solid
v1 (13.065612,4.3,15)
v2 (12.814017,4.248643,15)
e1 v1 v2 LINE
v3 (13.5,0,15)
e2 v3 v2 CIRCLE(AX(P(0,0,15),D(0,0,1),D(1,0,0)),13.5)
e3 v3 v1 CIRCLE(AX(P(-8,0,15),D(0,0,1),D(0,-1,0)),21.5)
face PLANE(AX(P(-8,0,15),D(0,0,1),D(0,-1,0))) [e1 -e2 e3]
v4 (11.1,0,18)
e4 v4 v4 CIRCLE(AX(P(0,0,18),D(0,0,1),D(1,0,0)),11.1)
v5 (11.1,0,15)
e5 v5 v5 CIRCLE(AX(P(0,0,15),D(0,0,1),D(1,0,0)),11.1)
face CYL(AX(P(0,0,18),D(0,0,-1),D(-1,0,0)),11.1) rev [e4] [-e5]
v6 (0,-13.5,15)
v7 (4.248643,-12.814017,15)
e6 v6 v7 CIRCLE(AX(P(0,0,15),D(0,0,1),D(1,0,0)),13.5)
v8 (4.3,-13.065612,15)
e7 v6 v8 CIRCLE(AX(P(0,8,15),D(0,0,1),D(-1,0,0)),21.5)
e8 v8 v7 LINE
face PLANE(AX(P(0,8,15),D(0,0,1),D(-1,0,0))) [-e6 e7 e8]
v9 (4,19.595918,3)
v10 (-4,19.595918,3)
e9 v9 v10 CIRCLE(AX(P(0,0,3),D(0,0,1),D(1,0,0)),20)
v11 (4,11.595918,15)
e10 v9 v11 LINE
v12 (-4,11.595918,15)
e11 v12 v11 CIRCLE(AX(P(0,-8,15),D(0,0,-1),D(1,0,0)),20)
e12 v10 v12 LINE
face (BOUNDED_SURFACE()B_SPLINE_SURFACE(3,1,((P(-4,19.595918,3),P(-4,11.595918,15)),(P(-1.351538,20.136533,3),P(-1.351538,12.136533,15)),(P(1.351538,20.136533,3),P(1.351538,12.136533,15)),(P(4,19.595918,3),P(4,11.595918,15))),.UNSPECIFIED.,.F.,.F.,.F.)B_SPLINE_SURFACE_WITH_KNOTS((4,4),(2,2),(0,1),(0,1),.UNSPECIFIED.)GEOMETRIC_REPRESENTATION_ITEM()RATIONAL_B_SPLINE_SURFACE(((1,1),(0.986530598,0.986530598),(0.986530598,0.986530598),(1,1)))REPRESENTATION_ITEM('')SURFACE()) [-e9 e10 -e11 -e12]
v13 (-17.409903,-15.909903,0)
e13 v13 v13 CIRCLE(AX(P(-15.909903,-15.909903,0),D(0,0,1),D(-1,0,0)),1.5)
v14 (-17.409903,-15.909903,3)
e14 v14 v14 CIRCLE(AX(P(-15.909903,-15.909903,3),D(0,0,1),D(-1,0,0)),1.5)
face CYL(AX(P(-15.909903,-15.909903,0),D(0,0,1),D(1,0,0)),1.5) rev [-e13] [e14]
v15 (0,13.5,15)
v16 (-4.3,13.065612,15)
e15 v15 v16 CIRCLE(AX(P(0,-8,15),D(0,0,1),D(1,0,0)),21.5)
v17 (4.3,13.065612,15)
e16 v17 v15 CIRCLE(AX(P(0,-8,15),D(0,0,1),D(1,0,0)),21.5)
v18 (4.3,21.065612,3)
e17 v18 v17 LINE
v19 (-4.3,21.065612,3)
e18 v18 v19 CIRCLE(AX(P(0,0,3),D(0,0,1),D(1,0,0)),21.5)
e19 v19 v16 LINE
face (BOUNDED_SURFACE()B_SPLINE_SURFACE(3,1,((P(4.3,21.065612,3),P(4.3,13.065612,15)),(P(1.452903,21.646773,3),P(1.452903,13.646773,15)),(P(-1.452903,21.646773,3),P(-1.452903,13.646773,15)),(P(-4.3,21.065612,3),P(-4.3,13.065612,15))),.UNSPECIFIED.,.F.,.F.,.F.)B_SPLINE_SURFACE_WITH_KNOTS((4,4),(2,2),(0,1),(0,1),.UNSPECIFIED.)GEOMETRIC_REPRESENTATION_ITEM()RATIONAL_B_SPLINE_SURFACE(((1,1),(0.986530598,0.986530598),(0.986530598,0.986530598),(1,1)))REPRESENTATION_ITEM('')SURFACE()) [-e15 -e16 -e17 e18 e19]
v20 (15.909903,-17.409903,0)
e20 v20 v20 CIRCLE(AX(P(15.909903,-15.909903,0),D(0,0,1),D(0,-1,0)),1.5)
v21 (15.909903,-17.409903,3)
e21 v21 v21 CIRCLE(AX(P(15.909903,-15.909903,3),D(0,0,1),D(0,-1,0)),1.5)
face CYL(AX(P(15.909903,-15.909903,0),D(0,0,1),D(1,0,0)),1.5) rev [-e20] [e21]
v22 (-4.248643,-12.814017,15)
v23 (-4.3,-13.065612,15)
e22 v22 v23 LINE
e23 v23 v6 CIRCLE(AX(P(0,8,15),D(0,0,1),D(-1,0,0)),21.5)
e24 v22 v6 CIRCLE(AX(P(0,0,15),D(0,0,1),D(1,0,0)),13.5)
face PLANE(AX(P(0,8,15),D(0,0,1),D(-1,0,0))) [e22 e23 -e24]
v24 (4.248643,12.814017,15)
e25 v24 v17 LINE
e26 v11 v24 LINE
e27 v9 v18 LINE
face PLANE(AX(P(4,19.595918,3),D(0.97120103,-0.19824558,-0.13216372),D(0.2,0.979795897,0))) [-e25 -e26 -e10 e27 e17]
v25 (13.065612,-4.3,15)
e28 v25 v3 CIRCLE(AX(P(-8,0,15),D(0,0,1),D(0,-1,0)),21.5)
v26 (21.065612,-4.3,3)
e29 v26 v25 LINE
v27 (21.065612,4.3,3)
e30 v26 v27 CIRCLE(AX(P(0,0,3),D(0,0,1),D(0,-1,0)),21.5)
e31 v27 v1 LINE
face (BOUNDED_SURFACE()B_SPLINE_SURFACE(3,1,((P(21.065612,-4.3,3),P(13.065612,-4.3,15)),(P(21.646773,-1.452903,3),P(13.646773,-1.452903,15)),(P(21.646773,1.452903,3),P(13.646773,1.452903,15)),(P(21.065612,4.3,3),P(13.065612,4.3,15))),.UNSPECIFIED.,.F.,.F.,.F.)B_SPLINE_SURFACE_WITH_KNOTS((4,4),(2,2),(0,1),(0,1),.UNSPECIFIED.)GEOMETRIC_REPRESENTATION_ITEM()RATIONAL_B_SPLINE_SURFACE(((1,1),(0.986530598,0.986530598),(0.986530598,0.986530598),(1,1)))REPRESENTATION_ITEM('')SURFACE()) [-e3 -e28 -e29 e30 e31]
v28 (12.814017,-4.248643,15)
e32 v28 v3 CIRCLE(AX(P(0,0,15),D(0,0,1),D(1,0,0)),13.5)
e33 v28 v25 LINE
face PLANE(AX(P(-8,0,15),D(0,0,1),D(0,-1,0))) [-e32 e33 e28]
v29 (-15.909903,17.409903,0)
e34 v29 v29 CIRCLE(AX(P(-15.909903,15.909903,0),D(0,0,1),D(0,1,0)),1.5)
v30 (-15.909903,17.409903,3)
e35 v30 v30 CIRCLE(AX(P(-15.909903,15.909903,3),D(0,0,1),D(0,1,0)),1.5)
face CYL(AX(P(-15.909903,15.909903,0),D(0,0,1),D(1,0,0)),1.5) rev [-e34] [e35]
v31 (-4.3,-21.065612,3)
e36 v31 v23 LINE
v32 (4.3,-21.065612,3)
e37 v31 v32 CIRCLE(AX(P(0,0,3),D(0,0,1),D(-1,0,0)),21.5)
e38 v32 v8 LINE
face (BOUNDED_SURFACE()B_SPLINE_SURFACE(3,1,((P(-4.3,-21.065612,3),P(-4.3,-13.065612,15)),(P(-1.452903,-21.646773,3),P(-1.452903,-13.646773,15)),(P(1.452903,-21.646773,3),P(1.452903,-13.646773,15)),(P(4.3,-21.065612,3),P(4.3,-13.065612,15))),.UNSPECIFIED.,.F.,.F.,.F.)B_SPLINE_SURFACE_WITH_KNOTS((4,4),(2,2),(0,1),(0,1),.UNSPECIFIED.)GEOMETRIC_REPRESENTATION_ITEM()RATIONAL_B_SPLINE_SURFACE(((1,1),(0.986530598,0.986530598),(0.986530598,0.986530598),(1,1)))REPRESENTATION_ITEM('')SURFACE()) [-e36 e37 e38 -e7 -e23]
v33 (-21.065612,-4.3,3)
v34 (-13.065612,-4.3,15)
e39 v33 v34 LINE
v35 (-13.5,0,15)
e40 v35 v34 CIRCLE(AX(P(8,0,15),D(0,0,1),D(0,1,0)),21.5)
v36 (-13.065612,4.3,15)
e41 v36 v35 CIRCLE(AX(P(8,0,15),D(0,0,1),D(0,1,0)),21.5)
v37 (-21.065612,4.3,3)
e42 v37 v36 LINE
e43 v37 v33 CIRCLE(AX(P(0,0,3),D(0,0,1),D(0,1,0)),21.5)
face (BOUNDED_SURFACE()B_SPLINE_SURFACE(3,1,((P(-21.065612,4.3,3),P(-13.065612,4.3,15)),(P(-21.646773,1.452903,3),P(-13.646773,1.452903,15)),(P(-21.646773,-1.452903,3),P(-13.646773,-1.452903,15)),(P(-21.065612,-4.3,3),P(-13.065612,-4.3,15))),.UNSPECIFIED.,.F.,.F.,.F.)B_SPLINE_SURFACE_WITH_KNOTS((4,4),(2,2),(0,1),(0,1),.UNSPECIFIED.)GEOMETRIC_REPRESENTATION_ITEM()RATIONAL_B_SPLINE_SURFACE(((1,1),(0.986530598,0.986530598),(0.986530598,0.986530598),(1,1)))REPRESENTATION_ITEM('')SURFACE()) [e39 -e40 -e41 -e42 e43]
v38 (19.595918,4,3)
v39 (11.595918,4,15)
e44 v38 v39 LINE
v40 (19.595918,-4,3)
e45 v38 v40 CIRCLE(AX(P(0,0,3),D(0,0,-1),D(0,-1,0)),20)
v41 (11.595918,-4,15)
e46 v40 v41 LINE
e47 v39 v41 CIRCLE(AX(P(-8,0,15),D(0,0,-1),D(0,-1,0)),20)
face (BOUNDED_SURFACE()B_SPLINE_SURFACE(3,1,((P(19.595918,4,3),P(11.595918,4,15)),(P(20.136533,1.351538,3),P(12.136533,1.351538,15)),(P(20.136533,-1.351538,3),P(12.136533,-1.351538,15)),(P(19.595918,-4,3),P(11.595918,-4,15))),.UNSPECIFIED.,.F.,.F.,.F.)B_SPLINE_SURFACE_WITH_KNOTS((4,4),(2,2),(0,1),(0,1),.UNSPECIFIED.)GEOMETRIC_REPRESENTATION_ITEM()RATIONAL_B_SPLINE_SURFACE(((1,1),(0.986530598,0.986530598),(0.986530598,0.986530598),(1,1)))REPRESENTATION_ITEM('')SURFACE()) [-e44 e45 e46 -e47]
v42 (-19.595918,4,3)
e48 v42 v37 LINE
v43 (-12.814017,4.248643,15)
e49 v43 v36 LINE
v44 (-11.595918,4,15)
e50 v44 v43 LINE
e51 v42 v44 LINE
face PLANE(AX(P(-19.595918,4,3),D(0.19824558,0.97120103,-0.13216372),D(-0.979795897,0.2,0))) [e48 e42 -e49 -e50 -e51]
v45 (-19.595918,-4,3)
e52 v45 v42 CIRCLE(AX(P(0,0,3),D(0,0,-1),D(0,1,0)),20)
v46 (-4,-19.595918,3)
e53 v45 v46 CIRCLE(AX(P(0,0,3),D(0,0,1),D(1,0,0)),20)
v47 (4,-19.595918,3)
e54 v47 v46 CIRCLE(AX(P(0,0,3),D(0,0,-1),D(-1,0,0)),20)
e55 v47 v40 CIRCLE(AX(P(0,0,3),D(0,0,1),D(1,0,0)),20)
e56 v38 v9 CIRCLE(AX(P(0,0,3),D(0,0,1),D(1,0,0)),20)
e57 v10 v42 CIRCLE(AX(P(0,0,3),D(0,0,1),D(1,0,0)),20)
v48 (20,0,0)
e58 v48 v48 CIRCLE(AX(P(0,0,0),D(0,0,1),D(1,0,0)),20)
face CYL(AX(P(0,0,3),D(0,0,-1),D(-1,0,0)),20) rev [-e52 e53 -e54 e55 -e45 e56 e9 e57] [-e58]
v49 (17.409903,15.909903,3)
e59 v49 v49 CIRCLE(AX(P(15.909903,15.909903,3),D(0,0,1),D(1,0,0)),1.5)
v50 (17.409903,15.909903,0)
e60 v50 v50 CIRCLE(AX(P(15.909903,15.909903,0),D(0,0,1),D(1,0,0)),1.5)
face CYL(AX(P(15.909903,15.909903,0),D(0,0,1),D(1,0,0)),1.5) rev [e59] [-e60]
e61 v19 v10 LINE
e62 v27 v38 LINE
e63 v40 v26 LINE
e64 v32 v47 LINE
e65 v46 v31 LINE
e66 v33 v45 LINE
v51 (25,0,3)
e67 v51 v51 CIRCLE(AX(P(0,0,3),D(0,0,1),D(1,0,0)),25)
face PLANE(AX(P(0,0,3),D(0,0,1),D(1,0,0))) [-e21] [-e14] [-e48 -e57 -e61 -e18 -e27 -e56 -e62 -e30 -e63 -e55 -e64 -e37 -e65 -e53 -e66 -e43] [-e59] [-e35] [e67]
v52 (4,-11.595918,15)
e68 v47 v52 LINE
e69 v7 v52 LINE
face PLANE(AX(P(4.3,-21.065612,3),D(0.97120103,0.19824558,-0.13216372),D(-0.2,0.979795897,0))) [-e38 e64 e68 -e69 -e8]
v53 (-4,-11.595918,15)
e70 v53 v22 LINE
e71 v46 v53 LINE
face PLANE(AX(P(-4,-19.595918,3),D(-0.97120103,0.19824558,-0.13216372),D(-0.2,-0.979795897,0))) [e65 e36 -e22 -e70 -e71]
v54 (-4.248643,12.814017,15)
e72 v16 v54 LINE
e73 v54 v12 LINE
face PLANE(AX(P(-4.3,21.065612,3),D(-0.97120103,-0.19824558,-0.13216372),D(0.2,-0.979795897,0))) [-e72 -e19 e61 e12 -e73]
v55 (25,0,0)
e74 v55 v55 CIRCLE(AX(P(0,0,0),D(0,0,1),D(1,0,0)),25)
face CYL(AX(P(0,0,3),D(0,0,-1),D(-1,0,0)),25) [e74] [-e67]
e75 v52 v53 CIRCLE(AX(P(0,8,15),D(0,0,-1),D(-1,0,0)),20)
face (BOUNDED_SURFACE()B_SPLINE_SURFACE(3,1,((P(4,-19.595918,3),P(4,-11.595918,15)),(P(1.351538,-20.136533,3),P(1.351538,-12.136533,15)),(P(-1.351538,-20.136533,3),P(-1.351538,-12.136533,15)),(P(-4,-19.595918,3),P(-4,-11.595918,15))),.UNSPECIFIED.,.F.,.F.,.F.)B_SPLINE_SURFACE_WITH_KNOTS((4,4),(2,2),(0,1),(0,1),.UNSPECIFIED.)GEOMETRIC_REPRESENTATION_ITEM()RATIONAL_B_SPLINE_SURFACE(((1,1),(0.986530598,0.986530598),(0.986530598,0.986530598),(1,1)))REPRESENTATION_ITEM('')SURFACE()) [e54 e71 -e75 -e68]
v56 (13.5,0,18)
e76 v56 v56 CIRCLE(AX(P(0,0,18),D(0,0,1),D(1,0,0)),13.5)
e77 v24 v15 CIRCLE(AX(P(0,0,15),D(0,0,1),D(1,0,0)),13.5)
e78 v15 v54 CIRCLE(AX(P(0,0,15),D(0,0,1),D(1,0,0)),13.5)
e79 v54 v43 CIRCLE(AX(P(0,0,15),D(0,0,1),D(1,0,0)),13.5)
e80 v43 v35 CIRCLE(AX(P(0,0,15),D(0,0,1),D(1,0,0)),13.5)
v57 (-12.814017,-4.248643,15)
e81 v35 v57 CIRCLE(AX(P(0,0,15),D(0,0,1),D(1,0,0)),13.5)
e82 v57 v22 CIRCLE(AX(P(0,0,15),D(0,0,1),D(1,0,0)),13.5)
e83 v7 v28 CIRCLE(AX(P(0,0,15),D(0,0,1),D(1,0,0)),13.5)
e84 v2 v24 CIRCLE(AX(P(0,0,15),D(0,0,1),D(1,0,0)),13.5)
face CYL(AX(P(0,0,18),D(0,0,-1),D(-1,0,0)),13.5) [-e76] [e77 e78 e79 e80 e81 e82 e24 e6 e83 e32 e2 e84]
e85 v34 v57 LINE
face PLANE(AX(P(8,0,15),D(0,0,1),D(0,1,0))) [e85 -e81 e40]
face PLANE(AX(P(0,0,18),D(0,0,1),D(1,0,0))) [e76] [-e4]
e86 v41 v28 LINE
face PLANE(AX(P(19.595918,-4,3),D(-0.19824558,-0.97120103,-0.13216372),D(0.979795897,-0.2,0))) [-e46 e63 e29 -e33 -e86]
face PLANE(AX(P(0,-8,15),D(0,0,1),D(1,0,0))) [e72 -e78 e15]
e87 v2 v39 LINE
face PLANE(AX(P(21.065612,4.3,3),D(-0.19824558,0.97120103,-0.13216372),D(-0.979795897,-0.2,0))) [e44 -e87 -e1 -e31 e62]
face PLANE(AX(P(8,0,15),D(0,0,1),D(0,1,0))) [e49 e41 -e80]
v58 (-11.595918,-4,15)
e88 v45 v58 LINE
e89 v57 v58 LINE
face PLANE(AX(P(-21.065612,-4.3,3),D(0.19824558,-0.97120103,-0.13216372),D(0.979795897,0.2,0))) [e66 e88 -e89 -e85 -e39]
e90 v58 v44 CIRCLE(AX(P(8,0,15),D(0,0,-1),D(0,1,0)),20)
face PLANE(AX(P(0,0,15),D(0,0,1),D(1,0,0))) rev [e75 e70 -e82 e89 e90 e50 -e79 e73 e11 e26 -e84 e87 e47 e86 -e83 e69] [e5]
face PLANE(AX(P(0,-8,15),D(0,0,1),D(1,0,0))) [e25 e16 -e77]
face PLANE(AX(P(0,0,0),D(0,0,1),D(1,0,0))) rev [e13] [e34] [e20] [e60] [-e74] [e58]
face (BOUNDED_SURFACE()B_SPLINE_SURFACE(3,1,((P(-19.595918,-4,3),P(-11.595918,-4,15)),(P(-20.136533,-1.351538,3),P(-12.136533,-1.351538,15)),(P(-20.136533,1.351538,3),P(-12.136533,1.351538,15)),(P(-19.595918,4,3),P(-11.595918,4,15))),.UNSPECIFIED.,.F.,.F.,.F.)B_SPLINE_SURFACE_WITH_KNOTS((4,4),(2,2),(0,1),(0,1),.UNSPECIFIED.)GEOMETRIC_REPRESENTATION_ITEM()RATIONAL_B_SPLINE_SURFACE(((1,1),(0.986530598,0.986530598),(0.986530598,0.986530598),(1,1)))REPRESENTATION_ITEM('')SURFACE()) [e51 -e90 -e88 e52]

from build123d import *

# Parameters (mm, degrees)
SKETCH1_R           = 25
SKETCH1_R_2         = 20
BOSS_EXTRUDE1_DEPTH = 3
SKETCH7_R           = 13.5
SKETCH7_R_2         = 11.1
BOSS_EXTRUDE2_DEPTH = 3
CIRPATTERN2_COUNT   = 4
SKETCH3_R           = 1.5
CUT_EXTRUDE1_DEPTH  = 4
CIRPATTERN1_COUNT   = 4


with BuildPart() as part:
    # Sketch1 → Boss-Extrude1 (new body)
    with BuildSketch(Plane.XY):
        Circle(SKETCH1_R)
        Circle(SKETCH1_R_2, mode=Mode.SUBTRACT)
    extrude(amount=BOSS_EXTRUDE1_DEPTH)



with BuildPart() as body_2:
    # Sketch7 → Boss-Extrude2 (new body)
    with BuildSketch(Plane.XY.offset(15)):
        Circle(SKETCH7_R)
        Circle(SKETCH7_R_2, mode=Mode.SUBTRACT)
    extrude(amount=BOSS_EXTRUDE2_DEPTH)


with BuildPart() as part_1:
    add(part.part)

    add(body_2.part)  # Sweep1 merges body 2
    # Sweep1: sweep along a curve in space
    with BuildLine() as sweep1_path:
        Line((0, 21.5, 3), (0, 13.5, 15))
    # Sketch8 → Sweep1 (sweep)
    with BuildSketch(Plane.XY.offset(3)):
        with BuildLine():
            Line((-4.3, 21.065611788), (-4, 19.595917942))
            ThreePointArc((-4, 19.595917942), (0, 20), (4, 19.595917942))
            Line((4, 19.595917942), (4.3, 21.065611788))
            ThreePointArc((4.3, 21.065611788), (0, 21.5), (-4.3, 21.065611788))
        make_face()
    sweep1 = sweep(path=sweep1_path.line)

    # CirPattern2: Sweep1 ×4 about axis
    cirpattern2_axis = Axis((0, 0, 0), (0, 0, -1))
    for i in range(1, CIRPATTERN2_COUNT):
        add(sweep1.rotate(cirpattern2_axis, i * 360 / CIRPATTERN2_COUNT))

    # Sketch3 → Cut-Extrude1 (cut, through all)
    with BuildSketch(Plane.XY.offset(3)):
        with Locations((15.909902577, 15.909902577)):
            Circle(SKETCH3_R)
    cut_extrude1 = extrude(amount=-CUT_EXTRUDE1_DEPTH, mode=Mode.SUBTRACT)

    # CirPattern1: Cut-Extrude1 ×4 about axis
    cirpattern1_axis = Axis((0, 0, 0), (0, 0, 1))
    for i in range(1, CIRPATTERN1_COUNT):
        add(cut_extrude1.rotate(cirpattern1_axis, i * 360 / CIRPATTERN1_COUNT), mode=Mode.SUBTRACT)


solid = part_1.part
